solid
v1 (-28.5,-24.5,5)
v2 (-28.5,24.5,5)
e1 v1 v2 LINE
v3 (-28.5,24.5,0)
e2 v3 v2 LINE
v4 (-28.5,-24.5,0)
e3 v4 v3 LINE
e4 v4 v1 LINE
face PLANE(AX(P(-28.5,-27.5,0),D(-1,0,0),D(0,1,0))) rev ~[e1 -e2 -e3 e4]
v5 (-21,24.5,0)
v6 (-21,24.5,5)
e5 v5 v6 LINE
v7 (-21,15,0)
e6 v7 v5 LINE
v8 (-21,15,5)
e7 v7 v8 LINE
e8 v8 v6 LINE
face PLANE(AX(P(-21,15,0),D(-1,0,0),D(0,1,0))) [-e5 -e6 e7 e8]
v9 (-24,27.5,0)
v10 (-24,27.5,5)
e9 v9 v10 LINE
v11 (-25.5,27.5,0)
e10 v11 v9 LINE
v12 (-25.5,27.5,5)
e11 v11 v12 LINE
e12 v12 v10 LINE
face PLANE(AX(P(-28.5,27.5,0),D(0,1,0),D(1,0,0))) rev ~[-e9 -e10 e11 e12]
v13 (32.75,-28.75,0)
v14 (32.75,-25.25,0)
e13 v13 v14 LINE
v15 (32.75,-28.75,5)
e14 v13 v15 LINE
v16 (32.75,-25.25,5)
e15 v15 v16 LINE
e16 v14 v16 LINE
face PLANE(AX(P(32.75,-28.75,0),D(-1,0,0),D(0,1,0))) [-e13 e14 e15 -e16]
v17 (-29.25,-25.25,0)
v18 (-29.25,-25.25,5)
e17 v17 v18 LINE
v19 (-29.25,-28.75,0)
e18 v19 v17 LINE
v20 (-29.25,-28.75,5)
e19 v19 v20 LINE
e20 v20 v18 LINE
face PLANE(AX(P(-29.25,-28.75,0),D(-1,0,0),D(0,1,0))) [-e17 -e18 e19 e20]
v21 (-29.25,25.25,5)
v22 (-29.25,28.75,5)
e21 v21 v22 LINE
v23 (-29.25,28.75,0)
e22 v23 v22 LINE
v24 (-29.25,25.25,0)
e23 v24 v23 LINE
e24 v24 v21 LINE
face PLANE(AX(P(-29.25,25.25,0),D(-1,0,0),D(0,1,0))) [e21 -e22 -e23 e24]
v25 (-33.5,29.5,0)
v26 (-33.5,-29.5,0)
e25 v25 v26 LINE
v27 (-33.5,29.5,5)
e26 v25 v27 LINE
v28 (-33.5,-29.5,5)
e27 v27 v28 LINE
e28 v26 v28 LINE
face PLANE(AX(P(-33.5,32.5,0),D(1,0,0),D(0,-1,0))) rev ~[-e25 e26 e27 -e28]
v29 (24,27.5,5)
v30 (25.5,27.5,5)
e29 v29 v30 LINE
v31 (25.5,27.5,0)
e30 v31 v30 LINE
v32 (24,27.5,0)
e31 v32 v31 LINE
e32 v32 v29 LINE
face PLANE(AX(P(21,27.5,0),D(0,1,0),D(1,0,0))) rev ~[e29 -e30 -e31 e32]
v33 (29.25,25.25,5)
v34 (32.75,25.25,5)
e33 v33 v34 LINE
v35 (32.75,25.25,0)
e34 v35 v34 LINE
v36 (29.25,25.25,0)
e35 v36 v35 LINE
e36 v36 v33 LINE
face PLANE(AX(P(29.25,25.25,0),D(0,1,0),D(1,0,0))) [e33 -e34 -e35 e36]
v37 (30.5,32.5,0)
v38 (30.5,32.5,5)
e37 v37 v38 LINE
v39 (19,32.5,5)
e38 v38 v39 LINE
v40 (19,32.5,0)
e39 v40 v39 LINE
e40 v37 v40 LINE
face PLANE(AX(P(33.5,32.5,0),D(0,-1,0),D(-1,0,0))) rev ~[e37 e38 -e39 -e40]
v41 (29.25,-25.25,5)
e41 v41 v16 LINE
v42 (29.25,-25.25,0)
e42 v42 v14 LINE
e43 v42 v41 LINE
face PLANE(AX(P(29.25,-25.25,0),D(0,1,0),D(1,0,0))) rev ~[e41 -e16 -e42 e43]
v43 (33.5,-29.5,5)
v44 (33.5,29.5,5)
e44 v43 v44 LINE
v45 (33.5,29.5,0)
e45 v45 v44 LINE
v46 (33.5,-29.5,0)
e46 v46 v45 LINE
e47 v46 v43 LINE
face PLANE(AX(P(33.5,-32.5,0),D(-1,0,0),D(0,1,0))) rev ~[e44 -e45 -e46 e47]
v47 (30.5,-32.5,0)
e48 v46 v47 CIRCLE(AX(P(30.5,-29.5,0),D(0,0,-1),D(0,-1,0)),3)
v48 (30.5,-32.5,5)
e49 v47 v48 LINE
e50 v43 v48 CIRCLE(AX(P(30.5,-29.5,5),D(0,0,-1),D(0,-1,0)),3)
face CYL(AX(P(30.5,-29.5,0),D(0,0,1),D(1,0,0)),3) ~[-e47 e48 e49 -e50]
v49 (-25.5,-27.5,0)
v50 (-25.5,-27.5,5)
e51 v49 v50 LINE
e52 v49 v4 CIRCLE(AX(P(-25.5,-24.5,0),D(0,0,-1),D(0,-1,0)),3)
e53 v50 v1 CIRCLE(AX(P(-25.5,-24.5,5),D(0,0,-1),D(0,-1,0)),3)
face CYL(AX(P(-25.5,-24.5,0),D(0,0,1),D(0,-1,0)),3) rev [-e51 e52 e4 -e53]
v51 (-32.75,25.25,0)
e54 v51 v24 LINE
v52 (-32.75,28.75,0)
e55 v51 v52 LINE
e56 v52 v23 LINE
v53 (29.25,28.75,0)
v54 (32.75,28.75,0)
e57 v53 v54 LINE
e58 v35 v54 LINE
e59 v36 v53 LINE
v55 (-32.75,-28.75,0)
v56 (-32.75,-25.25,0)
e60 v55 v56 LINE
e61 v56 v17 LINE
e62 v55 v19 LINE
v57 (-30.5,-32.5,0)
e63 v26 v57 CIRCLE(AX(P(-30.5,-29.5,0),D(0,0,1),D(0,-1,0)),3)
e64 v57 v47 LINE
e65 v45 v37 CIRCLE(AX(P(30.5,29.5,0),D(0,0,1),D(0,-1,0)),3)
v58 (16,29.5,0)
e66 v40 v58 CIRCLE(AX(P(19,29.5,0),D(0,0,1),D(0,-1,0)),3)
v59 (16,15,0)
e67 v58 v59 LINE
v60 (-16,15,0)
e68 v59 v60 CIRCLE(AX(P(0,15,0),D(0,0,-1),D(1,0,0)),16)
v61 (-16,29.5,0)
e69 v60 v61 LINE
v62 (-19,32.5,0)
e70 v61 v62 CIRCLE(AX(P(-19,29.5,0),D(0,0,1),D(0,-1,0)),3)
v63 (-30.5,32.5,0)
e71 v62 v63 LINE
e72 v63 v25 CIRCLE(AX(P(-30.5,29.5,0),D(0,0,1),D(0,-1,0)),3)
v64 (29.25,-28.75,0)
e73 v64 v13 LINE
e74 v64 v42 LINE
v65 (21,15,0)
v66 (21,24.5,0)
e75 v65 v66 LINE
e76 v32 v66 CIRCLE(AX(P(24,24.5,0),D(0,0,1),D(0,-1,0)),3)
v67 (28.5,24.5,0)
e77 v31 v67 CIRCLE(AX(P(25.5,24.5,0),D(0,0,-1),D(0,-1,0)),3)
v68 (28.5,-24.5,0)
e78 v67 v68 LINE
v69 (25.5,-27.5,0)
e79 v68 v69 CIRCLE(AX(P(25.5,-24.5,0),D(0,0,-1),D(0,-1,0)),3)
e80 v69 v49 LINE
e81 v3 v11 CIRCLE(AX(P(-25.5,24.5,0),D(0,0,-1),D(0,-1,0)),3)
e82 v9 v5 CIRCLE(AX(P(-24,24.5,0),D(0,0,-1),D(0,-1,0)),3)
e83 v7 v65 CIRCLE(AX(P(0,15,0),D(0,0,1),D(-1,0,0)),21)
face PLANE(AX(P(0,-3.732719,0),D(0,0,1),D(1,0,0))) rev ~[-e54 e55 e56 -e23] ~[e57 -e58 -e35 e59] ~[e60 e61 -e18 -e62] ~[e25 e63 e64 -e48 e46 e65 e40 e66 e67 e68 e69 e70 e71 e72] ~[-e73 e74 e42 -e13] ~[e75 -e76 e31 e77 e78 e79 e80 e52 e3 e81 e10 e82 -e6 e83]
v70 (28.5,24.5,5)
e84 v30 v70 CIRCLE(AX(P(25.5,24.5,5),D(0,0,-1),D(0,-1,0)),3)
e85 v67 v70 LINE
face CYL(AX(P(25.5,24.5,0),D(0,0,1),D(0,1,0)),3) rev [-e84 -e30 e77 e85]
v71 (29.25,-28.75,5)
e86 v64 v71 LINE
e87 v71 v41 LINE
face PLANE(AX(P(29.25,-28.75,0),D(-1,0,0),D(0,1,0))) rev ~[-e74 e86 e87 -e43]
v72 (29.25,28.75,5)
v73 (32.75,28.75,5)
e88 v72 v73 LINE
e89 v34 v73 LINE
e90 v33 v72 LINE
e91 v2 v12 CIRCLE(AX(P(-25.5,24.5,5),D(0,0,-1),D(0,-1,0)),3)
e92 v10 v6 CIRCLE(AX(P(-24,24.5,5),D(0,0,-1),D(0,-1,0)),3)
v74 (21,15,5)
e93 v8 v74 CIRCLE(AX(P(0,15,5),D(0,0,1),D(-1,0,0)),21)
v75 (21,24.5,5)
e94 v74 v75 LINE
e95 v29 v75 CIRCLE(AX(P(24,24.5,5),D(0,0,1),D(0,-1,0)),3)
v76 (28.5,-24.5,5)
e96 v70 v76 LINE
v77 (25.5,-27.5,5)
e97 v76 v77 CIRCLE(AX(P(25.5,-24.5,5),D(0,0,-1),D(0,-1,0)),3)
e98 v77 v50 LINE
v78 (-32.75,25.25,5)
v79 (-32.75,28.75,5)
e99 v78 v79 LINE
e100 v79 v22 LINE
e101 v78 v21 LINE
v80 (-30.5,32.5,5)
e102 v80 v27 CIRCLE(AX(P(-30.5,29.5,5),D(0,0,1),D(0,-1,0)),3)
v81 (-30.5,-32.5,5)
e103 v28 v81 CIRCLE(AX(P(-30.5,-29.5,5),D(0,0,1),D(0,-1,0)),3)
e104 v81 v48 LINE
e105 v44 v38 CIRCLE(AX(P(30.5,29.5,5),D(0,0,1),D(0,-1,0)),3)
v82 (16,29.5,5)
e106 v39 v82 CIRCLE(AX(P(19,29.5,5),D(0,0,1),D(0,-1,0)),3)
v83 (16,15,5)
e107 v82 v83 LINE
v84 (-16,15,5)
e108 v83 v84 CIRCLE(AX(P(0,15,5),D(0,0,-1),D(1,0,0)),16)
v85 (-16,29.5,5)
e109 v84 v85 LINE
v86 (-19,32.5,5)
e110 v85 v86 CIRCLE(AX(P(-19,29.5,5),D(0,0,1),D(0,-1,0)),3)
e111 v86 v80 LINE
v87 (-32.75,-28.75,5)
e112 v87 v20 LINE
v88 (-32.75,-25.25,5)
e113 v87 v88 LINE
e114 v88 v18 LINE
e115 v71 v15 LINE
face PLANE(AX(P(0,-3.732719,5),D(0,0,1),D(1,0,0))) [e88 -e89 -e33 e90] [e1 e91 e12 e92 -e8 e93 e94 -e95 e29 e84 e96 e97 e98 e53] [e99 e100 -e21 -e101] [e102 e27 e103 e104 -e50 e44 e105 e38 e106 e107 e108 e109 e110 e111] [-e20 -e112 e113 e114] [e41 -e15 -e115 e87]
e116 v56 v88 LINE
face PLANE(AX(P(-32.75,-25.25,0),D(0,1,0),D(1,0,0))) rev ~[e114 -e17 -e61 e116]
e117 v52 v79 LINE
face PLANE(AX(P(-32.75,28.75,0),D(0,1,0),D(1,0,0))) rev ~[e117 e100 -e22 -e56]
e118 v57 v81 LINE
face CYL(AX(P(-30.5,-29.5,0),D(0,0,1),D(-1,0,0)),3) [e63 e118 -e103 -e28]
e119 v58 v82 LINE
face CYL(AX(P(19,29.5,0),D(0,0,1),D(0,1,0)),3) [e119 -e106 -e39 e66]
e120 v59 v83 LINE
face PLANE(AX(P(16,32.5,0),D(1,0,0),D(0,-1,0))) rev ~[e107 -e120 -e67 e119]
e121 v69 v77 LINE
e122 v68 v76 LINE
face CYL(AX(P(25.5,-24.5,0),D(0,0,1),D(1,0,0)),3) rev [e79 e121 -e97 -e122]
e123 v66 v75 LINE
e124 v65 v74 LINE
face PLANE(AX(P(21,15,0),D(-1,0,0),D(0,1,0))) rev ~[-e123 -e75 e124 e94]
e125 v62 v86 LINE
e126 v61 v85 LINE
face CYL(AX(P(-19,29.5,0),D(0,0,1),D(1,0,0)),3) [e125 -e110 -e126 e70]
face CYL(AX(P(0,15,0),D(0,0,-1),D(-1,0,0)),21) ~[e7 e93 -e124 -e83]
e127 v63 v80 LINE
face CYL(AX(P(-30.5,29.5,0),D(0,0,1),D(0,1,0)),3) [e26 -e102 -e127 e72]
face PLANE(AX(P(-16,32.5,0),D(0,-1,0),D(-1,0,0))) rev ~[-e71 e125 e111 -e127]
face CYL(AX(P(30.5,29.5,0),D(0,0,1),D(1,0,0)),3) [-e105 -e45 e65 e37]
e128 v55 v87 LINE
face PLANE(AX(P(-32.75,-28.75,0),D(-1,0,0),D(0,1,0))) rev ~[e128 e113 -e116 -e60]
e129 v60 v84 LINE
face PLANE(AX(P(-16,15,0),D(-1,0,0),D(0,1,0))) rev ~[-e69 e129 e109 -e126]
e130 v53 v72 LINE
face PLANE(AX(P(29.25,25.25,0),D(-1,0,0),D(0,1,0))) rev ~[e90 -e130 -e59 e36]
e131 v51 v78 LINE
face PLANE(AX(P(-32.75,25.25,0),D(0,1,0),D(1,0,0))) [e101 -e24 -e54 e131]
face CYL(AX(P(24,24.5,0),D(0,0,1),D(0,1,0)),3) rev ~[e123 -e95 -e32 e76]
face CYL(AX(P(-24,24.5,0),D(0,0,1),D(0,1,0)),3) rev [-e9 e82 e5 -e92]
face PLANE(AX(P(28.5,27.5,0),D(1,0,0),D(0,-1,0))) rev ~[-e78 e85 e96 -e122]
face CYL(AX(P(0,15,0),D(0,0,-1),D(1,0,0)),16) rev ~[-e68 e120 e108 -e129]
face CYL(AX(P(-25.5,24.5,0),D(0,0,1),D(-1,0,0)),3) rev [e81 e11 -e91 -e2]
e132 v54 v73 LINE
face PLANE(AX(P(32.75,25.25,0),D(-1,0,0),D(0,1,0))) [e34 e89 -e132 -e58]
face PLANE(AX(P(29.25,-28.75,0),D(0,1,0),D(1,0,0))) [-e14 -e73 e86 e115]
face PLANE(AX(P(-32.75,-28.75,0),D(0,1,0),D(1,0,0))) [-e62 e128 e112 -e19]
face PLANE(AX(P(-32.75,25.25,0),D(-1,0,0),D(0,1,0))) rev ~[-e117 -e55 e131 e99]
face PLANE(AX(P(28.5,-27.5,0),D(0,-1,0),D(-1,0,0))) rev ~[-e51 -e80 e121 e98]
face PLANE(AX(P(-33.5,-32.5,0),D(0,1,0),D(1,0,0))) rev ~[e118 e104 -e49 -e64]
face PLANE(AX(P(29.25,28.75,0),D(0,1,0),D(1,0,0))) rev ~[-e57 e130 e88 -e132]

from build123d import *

# Parameters (mm, degrees)
F0_W     = 3.5
F0_H     = 3.5
F0_W_2   = 5
F0_H_2   = 12.5
F1_DEPTH = 5
F2_R     = 3


with BuildPart() as f1:
    # F0 (on Top) → F1 (new body)
    with BuildSketch(Plane.XY):
        Polygon((33.5, -32.5), (33.5, 32.5), (16, 32.5), (16, 27.5), (21, 27.5), (28.5, 27.5), (28.5, -27.5), (-28.5, -27.5), (-28.5, 27.5), (-21, 27.5), (-16, 27.5), (-16, 32.5), (-33.5, 32.5), (-33.5, -32.5), align=None)
        with Locations((-31, -27)):
            Rectangle(F0_W, F0_H, mode=Mode.SUBTRACT)
        with Locations((31, -27)):
            Rectangle(F0_W, F0_H, mode=Mode.SUBTRACT)
        with Locations((-31, 27)):
            Rectangle(F0_W, F0_H, mode=Mode.SUBTRACT)
        with Locations((31, 27)):
            Rectangle(F0_W, F0_H, mode=Mode.SUBTRACT)
        with Locations((-18.5, 21.25)):
            Rectangle(F0_W_2, F0_H_2)
        with BuildLine():
            Line((21, 15), (16, 15))
            ThreePointArc((16, 15), (0, -1), (-16, 15))
            Line((-16, 15), (-21, 15))
            ThreePointArc((-21, 15), (0, -6), (21, 15))
        make_face()
        with Locations((18.5, 21.25)):
            Rectangle(F0_W_2, F0_H_2)
    extrude(amount=F1_DEPTH)

    # F2
    f2_edges = [f1.edges().sort_by_distance(p)[0] for p in [
        (-33.5, 32.5, 2.5),
        (-16, 32.5, 2.5),
        (16, 32.5, 2.5),
        (33.5, 32.5, 2.5),
        (-28.5, 27.5, 2.5),
        (-21, 27.5, 2.5),
        (21, 27.5, 2.5),
        (28.5, 27.5, 2.5),
        (28.5, -27.5, 2.5),
        (-28.5, -27.5, 2.5),
        (33.5, -32.5, 2.5),
        (-33.5, -32.5, 2.5),
    ]]
    fillet(f2_edges, radius=F2_R)


solid = f1.part
